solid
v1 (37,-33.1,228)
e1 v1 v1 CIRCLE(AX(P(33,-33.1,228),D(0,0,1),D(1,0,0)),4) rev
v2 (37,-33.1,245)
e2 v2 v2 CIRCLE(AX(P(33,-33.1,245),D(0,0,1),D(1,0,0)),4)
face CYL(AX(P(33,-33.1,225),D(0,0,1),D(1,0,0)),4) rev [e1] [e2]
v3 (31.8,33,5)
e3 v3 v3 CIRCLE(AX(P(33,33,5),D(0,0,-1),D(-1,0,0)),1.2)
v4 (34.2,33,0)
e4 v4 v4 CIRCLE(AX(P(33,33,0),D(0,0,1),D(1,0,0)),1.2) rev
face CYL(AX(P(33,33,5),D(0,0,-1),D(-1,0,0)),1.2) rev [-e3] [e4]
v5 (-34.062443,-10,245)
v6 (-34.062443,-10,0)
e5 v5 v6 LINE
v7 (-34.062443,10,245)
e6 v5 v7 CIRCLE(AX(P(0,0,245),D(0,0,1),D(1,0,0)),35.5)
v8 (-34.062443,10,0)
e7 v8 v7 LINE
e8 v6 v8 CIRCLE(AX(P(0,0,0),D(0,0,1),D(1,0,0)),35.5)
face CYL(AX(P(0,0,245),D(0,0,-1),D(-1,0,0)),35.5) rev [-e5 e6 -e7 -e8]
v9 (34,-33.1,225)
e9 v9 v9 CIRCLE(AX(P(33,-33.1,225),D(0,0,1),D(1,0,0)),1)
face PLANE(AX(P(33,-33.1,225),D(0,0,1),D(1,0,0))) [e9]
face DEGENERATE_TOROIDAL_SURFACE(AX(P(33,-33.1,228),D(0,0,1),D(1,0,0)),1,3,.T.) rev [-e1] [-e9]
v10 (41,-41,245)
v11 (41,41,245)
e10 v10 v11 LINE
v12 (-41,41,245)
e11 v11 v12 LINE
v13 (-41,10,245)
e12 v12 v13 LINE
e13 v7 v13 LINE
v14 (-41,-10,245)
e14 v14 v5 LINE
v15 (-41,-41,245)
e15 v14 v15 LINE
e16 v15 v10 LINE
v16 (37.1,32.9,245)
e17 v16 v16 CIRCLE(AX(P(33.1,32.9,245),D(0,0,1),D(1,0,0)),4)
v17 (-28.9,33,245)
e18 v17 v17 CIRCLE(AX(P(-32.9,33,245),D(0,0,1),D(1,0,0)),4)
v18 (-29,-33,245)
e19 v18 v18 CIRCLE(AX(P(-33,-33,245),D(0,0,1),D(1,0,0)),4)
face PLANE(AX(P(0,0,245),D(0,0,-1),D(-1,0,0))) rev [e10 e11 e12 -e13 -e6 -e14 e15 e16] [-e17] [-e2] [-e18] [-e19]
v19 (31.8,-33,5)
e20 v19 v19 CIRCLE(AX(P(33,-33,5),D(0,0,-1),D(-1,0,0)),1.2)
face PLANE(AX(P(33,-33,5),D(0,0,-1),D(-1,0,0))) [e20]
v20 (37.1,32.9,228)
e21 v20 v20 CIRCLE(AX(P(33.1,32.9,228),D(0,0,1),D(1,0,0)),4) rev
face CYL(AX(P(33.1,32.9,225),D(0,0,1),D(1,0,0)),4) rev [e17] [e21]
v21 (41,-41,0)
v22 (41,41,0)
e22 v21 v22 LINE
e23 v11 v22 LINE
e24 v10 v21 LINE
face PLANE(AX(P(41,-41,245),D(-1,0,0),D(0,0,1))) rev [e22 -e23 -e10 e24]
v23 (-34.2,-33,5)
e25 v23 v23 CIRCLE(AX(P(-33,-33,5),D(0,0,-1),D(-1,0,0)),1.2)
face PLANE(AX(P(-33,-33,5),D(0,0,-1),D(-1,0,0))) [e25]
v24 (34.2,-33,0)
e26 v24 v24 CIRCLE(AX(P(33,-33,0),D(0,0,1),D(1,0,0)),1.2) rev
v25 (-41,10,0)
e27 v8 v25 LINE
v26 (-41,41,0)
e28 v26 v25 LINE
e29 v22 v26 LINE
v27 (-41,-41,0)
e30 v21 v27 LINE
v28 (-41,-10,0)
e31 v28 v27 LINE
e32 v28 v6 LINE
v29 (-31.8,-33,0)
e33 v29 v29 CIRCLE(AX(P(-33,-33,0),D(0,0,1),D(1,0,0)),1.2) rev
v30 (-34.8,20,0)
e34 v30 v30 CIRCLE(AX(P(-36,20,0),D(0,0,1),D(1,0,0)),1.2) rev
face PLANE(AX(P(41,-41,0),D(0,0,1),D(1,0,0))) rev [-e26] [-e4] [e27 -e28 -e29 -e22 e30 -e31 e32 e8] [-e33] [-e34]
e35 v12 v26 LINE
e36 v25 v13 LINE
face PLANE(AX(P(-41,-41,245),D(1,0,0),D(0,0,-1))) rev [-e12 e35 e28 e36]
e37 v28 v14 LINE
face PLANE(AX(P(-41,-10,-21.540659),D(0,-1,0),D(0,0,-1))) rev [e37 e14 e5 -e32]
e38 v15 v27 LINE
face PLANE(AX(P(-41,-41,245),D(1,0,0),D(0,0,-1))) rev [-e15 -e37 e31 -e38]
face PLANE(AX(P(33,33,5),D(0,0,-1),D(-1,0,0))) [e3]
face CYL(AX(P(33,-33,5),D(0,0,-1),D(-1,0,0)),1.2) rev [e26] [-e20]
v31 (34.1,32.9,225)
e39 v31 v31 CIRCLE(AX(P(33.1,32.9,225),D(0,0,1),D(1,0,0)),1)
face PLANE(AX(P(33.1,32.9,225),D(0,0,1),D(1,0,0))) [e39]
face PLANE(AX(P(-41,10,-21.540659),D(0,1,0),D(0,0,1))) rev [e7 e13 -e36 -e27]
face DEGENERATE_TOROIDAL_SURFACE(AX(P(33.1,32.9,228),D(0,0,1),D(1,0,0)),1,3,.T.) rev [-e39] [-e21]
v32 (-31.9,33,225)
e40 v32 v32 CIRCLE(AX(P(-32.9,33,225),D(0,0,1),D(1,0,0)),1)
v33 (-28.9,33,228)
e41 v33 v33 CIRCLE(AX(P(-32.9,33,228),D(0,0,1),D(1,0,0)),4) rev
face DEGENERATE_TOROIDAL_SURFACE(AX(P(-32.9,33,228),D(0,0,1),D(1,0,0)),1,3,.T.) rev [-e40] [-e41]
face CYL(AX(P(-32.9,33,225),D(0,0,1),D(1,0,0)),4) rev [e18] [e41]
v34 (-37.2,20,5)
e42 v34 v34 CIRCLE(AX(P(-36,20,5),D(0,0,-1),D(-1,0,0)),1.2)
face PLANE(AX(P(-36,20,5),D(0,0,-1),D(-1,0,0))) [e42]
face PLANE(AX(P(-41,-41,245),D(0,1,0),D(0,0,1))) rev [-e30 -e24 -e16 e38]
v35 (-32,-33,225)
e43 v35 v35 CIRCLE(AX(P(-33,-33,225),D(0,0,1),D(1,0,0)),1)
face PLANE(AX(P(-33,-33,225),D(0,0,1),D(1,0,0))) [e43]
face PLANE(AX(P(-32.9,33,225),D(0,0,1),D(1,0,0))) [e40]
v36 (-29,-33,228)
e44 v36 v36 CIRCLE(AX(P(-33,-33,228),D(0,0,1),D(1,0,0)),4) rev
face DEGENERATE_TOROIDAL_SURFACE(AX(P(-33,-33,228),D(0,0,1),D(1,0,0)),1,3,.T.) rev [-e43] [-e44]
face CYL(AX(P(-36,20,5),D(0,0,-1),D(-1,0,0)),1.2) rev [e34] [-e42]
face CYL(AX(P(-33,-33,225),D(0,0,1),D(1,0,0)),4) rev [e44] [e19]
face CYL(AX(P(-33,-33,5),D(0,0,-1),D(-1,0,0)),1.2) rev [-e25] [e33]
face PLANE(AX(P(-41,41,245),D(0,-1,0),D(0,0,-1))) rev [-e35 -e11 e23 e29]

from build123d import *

# Parameters (mm, degrees)
SKETCH_1_W               = 82
SKETCH_1_H               = 82
SKETCH_1_R               = 35.5
EXTRUDE_1_DEPTH          = 245
SKETCH_2_W               = 82
SKETCH_2_H               = 82
EXTRUDE_2_DEPTH          = 27
SKETCH_3_W               = 8
SKETCH_3_H               = 20
CUT_EXTRUDE_1_DEPTH      = 245
SKETCH_4_R               = 4
CUT_EXTRUDE_2_DEPTH      = 20
FILLET_2_R               = 3
FILLET_3_R               = 3
FILLET_4_R               = 3
FILLET_5_R               = 3
SKETCH_5_R               = 1.05
CUT_EXTRUDE_3_DEPTH      = 10
EXTRUDE_START            = 0.2
SKETCH_6_R               = 1.05
EXTRUDE_3_DEPTH          = 0.2
CUT_EXTRUDE_5_REACH      = 263.591
SKETCH_7_W               = 20
SKETCH_7_H               = 65
CUT_EXTRUDE_6_REACH      = 263.591
SKETCH_8_W               = 41
SKETCH_8_H               = 20
SKETCH_9_R               = 1.2
CUT_EXTRUDE_7_DEPTH      = 12
CUT_EXTRUDE_8_DEPTH      = 262.591284258
CUT_EXTRUDE_8_DEPTH_BACK = 262.591284258
SKETCH_10_W              = 27
SKETCH_10_H              = 82


with BuildPart() as part:
    # 草圖1 → 填料-伸長1 (new body)
    with BuildSketch(Plane.XY):
        Rectangle(SKETCH_1_W, SKETCH_1_H)
        Circle(SKETCH_1_R, mode=Mode.SUBTRACT)
    extrude(amount=EXTRUDE_1_DEPTH)

    # 草圖2 → 填料-伸長2 (add)
    with BuildSketch(Plane(origin=(0, 0, 0), x_dir=(-1, 0, 0), z_dir=(0, 0, -1))):
        Rectangle(SKETCH_2_W, SKETCH_2_H)
    extrude(amount=EXTRUDE_2_DEPTH)

    # 草圖3 → 除料-伸長1 (cut)
    with BuildSketch(Plane.XY.offset(245)):
        with Locations((-37, 0)):
            Rectangle(SKETCH_3_W, SKETCH_3_H)
    extrude(amount=-CUT_EXTRUDE_1_DEPTH, mode=Mode.SUBTRACT)

    # 草圖4 → 除料-伸長2 (cut)
    with BuildSketch(Plane.XY.offset(245)):
        with Locations((-32.9, 33)):
            Circle(SKETCH_4_R)
        with Locations((33.1, 32.9)):
            Circle(SKETCH_4_R)
        with Locations((33, -33.1)):
            Circle(SKETCH_4_R)
        with Locations((-33, -33)):
            Circle(SKETCH_4_R)
    extrude(amount=-CUT_EXTRUDE_2_DEPTH, mode=Mode.SUBTRACT)

    # 圓角2
    fillet_2_edges = [part.edges().sort_by_distance(p)[0] for p in [
        (-36.9, 33, 225),
    ]]
    fillet(fillet_2_edges, radius=FILLET_2_R)

    # 圓角3
    fillet_3_edges = [part.edges().sort_by_distance(p)[0] for p in [
        (29.1, 32.9, 225),
    ]]
    fillet(fillet_3_edges, radius=FILLET_3_R)

    # 圓角4
    fillet_4_edges = [part.edges().sort_by_distance(p)[0] for p in [
        (-37, -33, 225),
    ]]
    fillet(fillet_4_edges, radius=FILLET_4_R)

    # 圓角5
    fillet_5_edges = [part.edges().sort_by_distance(p)[0] for p in [
        (29, -33.1, 225),
    ]]
    fillet(fillet_5_edges, radius=FILLET_5_R)

    # 草圖5 → 除料-伸長3 (cut)
    with BuildSketch(Plane(origin=(0, 41, 0), x_dir=(1, 0, 0), z_dir=(0, 1, 0))):
        with Locations(Location((-36.75, 22.75, 0), (0, 0, 270))):
            Circle(SKETCH_5_R)
        with Locations(Location((-36.75, 4.75, 0), (0, 0, 270))):
            Circle(SKETCH_5_R)
    extrude(amount=-CUT_EXTRUDE_3_DEPTH, mode=Mode.SUBTRACT)

    # 草圖6 → 填料-伸長3 (add)
    with BuildSketch(Plane(origin=(0, 35, 0), x_dir=(1, 0, 0), z_dir=(0, 1, 0)).offset(EXTRUDE_START)):
        with Locations(Location((-36.75, 22.75, 0), (0, 0, 270))):
            Circle(SKETCH_6_R)
        with Locations(Location((-36.75, 4.75, 0), (0, 0, 270))):
            Circle(SKETCH_6_R)
    extrude(amount=-EXTRUDE_3_DEPTH)

    # 草圖7 → 除料-伸長5 (cut, up to next)
    with BuildSketch(Plane(origin=(-41, 0, 0), x_dir=(0, 0, -1), z_dir=(1, 0, 0)), mode=Mode.PRIVATE) as cut_extrude_5_sk1:
        with Locations((17, -8.5)):
            Rectangle(SKETCH_7_W, SKETCH_7_H)
    cut_extrude_5_tool1 = extrude(cut_extrude_5_sk1.sketch, amount=CUT_EXTRUDE_5_REACH, mode=Mode.PRIVATE) & part.part
    add(cut_extrude_5_tool1.solids().sort_by_distance((-41, -8.5, -17))[0], mode=Mode.SUBTRACT)

    # 草圖8 → 除料-伸長6 (cut, up to next)
    with BuildSketch(Plane(origin=(0, 41, 0), x_dir=(1, 0, 0), z_dir=(0, 1, 0)), mode=Mode.PRIVATE) as cut_extrude_6_sk1:
        with Locations((20.5, 17)):
            Rectangle(SKETCH_8_W, SKETCH_8_H)
    cut_extrude_6_tool1 = extrude(cut_extrude_6_sk1.sketch, amount=-CUT_EXTRUDE_6_REACH, mode=Mode.PRIVATE) & part.part
    add(cut_extrude_6_tool1.solids().sort_by_distance((20.5, 41, -17))[0], mode=Mode.SUBTRACT)

    # 草圖9 → 除料-伸長7 (cut)
    with BuildSketch(Plane(origin=(0, 0, -7), x_dir=(-1, 0, 0), z_dir=(0, 0, -1))):
        with Locations((-33, 33)):
            Circle(SKETCH_9_R)
        with Locations((-33, -33)):
            Circle(SKETCH_9_R)
        with Locations((33, -33)):
            Circle(SKETCH_9_R)
        with Locations((36, 20)):
            Circle(SKETCH_9_R)
    extrude(amount=-CUT_EXTRUDE_7_DEPTH, mode=Mode.SUBTRACT)

    # 草圖10 → 除料-伸長8 (cut, two sides: drawn at the far end of the back side and taken through both)
    with BuildSketch(Plane.ZY.offset(41).offset(-CUT_EXTRUDE_8_DEPTH_BACK)):
        with Locations((-13.5, 0)):
            Rectangle(SKETCH_10_W, SKETCH_10_H)
    extrude(amount=CUT_EXTRUDE_8_DEPTH + CUT_EXTRUDE_8_DEPTH_BACK, mode=Mode.SUBTRACT)


solid = part.part
